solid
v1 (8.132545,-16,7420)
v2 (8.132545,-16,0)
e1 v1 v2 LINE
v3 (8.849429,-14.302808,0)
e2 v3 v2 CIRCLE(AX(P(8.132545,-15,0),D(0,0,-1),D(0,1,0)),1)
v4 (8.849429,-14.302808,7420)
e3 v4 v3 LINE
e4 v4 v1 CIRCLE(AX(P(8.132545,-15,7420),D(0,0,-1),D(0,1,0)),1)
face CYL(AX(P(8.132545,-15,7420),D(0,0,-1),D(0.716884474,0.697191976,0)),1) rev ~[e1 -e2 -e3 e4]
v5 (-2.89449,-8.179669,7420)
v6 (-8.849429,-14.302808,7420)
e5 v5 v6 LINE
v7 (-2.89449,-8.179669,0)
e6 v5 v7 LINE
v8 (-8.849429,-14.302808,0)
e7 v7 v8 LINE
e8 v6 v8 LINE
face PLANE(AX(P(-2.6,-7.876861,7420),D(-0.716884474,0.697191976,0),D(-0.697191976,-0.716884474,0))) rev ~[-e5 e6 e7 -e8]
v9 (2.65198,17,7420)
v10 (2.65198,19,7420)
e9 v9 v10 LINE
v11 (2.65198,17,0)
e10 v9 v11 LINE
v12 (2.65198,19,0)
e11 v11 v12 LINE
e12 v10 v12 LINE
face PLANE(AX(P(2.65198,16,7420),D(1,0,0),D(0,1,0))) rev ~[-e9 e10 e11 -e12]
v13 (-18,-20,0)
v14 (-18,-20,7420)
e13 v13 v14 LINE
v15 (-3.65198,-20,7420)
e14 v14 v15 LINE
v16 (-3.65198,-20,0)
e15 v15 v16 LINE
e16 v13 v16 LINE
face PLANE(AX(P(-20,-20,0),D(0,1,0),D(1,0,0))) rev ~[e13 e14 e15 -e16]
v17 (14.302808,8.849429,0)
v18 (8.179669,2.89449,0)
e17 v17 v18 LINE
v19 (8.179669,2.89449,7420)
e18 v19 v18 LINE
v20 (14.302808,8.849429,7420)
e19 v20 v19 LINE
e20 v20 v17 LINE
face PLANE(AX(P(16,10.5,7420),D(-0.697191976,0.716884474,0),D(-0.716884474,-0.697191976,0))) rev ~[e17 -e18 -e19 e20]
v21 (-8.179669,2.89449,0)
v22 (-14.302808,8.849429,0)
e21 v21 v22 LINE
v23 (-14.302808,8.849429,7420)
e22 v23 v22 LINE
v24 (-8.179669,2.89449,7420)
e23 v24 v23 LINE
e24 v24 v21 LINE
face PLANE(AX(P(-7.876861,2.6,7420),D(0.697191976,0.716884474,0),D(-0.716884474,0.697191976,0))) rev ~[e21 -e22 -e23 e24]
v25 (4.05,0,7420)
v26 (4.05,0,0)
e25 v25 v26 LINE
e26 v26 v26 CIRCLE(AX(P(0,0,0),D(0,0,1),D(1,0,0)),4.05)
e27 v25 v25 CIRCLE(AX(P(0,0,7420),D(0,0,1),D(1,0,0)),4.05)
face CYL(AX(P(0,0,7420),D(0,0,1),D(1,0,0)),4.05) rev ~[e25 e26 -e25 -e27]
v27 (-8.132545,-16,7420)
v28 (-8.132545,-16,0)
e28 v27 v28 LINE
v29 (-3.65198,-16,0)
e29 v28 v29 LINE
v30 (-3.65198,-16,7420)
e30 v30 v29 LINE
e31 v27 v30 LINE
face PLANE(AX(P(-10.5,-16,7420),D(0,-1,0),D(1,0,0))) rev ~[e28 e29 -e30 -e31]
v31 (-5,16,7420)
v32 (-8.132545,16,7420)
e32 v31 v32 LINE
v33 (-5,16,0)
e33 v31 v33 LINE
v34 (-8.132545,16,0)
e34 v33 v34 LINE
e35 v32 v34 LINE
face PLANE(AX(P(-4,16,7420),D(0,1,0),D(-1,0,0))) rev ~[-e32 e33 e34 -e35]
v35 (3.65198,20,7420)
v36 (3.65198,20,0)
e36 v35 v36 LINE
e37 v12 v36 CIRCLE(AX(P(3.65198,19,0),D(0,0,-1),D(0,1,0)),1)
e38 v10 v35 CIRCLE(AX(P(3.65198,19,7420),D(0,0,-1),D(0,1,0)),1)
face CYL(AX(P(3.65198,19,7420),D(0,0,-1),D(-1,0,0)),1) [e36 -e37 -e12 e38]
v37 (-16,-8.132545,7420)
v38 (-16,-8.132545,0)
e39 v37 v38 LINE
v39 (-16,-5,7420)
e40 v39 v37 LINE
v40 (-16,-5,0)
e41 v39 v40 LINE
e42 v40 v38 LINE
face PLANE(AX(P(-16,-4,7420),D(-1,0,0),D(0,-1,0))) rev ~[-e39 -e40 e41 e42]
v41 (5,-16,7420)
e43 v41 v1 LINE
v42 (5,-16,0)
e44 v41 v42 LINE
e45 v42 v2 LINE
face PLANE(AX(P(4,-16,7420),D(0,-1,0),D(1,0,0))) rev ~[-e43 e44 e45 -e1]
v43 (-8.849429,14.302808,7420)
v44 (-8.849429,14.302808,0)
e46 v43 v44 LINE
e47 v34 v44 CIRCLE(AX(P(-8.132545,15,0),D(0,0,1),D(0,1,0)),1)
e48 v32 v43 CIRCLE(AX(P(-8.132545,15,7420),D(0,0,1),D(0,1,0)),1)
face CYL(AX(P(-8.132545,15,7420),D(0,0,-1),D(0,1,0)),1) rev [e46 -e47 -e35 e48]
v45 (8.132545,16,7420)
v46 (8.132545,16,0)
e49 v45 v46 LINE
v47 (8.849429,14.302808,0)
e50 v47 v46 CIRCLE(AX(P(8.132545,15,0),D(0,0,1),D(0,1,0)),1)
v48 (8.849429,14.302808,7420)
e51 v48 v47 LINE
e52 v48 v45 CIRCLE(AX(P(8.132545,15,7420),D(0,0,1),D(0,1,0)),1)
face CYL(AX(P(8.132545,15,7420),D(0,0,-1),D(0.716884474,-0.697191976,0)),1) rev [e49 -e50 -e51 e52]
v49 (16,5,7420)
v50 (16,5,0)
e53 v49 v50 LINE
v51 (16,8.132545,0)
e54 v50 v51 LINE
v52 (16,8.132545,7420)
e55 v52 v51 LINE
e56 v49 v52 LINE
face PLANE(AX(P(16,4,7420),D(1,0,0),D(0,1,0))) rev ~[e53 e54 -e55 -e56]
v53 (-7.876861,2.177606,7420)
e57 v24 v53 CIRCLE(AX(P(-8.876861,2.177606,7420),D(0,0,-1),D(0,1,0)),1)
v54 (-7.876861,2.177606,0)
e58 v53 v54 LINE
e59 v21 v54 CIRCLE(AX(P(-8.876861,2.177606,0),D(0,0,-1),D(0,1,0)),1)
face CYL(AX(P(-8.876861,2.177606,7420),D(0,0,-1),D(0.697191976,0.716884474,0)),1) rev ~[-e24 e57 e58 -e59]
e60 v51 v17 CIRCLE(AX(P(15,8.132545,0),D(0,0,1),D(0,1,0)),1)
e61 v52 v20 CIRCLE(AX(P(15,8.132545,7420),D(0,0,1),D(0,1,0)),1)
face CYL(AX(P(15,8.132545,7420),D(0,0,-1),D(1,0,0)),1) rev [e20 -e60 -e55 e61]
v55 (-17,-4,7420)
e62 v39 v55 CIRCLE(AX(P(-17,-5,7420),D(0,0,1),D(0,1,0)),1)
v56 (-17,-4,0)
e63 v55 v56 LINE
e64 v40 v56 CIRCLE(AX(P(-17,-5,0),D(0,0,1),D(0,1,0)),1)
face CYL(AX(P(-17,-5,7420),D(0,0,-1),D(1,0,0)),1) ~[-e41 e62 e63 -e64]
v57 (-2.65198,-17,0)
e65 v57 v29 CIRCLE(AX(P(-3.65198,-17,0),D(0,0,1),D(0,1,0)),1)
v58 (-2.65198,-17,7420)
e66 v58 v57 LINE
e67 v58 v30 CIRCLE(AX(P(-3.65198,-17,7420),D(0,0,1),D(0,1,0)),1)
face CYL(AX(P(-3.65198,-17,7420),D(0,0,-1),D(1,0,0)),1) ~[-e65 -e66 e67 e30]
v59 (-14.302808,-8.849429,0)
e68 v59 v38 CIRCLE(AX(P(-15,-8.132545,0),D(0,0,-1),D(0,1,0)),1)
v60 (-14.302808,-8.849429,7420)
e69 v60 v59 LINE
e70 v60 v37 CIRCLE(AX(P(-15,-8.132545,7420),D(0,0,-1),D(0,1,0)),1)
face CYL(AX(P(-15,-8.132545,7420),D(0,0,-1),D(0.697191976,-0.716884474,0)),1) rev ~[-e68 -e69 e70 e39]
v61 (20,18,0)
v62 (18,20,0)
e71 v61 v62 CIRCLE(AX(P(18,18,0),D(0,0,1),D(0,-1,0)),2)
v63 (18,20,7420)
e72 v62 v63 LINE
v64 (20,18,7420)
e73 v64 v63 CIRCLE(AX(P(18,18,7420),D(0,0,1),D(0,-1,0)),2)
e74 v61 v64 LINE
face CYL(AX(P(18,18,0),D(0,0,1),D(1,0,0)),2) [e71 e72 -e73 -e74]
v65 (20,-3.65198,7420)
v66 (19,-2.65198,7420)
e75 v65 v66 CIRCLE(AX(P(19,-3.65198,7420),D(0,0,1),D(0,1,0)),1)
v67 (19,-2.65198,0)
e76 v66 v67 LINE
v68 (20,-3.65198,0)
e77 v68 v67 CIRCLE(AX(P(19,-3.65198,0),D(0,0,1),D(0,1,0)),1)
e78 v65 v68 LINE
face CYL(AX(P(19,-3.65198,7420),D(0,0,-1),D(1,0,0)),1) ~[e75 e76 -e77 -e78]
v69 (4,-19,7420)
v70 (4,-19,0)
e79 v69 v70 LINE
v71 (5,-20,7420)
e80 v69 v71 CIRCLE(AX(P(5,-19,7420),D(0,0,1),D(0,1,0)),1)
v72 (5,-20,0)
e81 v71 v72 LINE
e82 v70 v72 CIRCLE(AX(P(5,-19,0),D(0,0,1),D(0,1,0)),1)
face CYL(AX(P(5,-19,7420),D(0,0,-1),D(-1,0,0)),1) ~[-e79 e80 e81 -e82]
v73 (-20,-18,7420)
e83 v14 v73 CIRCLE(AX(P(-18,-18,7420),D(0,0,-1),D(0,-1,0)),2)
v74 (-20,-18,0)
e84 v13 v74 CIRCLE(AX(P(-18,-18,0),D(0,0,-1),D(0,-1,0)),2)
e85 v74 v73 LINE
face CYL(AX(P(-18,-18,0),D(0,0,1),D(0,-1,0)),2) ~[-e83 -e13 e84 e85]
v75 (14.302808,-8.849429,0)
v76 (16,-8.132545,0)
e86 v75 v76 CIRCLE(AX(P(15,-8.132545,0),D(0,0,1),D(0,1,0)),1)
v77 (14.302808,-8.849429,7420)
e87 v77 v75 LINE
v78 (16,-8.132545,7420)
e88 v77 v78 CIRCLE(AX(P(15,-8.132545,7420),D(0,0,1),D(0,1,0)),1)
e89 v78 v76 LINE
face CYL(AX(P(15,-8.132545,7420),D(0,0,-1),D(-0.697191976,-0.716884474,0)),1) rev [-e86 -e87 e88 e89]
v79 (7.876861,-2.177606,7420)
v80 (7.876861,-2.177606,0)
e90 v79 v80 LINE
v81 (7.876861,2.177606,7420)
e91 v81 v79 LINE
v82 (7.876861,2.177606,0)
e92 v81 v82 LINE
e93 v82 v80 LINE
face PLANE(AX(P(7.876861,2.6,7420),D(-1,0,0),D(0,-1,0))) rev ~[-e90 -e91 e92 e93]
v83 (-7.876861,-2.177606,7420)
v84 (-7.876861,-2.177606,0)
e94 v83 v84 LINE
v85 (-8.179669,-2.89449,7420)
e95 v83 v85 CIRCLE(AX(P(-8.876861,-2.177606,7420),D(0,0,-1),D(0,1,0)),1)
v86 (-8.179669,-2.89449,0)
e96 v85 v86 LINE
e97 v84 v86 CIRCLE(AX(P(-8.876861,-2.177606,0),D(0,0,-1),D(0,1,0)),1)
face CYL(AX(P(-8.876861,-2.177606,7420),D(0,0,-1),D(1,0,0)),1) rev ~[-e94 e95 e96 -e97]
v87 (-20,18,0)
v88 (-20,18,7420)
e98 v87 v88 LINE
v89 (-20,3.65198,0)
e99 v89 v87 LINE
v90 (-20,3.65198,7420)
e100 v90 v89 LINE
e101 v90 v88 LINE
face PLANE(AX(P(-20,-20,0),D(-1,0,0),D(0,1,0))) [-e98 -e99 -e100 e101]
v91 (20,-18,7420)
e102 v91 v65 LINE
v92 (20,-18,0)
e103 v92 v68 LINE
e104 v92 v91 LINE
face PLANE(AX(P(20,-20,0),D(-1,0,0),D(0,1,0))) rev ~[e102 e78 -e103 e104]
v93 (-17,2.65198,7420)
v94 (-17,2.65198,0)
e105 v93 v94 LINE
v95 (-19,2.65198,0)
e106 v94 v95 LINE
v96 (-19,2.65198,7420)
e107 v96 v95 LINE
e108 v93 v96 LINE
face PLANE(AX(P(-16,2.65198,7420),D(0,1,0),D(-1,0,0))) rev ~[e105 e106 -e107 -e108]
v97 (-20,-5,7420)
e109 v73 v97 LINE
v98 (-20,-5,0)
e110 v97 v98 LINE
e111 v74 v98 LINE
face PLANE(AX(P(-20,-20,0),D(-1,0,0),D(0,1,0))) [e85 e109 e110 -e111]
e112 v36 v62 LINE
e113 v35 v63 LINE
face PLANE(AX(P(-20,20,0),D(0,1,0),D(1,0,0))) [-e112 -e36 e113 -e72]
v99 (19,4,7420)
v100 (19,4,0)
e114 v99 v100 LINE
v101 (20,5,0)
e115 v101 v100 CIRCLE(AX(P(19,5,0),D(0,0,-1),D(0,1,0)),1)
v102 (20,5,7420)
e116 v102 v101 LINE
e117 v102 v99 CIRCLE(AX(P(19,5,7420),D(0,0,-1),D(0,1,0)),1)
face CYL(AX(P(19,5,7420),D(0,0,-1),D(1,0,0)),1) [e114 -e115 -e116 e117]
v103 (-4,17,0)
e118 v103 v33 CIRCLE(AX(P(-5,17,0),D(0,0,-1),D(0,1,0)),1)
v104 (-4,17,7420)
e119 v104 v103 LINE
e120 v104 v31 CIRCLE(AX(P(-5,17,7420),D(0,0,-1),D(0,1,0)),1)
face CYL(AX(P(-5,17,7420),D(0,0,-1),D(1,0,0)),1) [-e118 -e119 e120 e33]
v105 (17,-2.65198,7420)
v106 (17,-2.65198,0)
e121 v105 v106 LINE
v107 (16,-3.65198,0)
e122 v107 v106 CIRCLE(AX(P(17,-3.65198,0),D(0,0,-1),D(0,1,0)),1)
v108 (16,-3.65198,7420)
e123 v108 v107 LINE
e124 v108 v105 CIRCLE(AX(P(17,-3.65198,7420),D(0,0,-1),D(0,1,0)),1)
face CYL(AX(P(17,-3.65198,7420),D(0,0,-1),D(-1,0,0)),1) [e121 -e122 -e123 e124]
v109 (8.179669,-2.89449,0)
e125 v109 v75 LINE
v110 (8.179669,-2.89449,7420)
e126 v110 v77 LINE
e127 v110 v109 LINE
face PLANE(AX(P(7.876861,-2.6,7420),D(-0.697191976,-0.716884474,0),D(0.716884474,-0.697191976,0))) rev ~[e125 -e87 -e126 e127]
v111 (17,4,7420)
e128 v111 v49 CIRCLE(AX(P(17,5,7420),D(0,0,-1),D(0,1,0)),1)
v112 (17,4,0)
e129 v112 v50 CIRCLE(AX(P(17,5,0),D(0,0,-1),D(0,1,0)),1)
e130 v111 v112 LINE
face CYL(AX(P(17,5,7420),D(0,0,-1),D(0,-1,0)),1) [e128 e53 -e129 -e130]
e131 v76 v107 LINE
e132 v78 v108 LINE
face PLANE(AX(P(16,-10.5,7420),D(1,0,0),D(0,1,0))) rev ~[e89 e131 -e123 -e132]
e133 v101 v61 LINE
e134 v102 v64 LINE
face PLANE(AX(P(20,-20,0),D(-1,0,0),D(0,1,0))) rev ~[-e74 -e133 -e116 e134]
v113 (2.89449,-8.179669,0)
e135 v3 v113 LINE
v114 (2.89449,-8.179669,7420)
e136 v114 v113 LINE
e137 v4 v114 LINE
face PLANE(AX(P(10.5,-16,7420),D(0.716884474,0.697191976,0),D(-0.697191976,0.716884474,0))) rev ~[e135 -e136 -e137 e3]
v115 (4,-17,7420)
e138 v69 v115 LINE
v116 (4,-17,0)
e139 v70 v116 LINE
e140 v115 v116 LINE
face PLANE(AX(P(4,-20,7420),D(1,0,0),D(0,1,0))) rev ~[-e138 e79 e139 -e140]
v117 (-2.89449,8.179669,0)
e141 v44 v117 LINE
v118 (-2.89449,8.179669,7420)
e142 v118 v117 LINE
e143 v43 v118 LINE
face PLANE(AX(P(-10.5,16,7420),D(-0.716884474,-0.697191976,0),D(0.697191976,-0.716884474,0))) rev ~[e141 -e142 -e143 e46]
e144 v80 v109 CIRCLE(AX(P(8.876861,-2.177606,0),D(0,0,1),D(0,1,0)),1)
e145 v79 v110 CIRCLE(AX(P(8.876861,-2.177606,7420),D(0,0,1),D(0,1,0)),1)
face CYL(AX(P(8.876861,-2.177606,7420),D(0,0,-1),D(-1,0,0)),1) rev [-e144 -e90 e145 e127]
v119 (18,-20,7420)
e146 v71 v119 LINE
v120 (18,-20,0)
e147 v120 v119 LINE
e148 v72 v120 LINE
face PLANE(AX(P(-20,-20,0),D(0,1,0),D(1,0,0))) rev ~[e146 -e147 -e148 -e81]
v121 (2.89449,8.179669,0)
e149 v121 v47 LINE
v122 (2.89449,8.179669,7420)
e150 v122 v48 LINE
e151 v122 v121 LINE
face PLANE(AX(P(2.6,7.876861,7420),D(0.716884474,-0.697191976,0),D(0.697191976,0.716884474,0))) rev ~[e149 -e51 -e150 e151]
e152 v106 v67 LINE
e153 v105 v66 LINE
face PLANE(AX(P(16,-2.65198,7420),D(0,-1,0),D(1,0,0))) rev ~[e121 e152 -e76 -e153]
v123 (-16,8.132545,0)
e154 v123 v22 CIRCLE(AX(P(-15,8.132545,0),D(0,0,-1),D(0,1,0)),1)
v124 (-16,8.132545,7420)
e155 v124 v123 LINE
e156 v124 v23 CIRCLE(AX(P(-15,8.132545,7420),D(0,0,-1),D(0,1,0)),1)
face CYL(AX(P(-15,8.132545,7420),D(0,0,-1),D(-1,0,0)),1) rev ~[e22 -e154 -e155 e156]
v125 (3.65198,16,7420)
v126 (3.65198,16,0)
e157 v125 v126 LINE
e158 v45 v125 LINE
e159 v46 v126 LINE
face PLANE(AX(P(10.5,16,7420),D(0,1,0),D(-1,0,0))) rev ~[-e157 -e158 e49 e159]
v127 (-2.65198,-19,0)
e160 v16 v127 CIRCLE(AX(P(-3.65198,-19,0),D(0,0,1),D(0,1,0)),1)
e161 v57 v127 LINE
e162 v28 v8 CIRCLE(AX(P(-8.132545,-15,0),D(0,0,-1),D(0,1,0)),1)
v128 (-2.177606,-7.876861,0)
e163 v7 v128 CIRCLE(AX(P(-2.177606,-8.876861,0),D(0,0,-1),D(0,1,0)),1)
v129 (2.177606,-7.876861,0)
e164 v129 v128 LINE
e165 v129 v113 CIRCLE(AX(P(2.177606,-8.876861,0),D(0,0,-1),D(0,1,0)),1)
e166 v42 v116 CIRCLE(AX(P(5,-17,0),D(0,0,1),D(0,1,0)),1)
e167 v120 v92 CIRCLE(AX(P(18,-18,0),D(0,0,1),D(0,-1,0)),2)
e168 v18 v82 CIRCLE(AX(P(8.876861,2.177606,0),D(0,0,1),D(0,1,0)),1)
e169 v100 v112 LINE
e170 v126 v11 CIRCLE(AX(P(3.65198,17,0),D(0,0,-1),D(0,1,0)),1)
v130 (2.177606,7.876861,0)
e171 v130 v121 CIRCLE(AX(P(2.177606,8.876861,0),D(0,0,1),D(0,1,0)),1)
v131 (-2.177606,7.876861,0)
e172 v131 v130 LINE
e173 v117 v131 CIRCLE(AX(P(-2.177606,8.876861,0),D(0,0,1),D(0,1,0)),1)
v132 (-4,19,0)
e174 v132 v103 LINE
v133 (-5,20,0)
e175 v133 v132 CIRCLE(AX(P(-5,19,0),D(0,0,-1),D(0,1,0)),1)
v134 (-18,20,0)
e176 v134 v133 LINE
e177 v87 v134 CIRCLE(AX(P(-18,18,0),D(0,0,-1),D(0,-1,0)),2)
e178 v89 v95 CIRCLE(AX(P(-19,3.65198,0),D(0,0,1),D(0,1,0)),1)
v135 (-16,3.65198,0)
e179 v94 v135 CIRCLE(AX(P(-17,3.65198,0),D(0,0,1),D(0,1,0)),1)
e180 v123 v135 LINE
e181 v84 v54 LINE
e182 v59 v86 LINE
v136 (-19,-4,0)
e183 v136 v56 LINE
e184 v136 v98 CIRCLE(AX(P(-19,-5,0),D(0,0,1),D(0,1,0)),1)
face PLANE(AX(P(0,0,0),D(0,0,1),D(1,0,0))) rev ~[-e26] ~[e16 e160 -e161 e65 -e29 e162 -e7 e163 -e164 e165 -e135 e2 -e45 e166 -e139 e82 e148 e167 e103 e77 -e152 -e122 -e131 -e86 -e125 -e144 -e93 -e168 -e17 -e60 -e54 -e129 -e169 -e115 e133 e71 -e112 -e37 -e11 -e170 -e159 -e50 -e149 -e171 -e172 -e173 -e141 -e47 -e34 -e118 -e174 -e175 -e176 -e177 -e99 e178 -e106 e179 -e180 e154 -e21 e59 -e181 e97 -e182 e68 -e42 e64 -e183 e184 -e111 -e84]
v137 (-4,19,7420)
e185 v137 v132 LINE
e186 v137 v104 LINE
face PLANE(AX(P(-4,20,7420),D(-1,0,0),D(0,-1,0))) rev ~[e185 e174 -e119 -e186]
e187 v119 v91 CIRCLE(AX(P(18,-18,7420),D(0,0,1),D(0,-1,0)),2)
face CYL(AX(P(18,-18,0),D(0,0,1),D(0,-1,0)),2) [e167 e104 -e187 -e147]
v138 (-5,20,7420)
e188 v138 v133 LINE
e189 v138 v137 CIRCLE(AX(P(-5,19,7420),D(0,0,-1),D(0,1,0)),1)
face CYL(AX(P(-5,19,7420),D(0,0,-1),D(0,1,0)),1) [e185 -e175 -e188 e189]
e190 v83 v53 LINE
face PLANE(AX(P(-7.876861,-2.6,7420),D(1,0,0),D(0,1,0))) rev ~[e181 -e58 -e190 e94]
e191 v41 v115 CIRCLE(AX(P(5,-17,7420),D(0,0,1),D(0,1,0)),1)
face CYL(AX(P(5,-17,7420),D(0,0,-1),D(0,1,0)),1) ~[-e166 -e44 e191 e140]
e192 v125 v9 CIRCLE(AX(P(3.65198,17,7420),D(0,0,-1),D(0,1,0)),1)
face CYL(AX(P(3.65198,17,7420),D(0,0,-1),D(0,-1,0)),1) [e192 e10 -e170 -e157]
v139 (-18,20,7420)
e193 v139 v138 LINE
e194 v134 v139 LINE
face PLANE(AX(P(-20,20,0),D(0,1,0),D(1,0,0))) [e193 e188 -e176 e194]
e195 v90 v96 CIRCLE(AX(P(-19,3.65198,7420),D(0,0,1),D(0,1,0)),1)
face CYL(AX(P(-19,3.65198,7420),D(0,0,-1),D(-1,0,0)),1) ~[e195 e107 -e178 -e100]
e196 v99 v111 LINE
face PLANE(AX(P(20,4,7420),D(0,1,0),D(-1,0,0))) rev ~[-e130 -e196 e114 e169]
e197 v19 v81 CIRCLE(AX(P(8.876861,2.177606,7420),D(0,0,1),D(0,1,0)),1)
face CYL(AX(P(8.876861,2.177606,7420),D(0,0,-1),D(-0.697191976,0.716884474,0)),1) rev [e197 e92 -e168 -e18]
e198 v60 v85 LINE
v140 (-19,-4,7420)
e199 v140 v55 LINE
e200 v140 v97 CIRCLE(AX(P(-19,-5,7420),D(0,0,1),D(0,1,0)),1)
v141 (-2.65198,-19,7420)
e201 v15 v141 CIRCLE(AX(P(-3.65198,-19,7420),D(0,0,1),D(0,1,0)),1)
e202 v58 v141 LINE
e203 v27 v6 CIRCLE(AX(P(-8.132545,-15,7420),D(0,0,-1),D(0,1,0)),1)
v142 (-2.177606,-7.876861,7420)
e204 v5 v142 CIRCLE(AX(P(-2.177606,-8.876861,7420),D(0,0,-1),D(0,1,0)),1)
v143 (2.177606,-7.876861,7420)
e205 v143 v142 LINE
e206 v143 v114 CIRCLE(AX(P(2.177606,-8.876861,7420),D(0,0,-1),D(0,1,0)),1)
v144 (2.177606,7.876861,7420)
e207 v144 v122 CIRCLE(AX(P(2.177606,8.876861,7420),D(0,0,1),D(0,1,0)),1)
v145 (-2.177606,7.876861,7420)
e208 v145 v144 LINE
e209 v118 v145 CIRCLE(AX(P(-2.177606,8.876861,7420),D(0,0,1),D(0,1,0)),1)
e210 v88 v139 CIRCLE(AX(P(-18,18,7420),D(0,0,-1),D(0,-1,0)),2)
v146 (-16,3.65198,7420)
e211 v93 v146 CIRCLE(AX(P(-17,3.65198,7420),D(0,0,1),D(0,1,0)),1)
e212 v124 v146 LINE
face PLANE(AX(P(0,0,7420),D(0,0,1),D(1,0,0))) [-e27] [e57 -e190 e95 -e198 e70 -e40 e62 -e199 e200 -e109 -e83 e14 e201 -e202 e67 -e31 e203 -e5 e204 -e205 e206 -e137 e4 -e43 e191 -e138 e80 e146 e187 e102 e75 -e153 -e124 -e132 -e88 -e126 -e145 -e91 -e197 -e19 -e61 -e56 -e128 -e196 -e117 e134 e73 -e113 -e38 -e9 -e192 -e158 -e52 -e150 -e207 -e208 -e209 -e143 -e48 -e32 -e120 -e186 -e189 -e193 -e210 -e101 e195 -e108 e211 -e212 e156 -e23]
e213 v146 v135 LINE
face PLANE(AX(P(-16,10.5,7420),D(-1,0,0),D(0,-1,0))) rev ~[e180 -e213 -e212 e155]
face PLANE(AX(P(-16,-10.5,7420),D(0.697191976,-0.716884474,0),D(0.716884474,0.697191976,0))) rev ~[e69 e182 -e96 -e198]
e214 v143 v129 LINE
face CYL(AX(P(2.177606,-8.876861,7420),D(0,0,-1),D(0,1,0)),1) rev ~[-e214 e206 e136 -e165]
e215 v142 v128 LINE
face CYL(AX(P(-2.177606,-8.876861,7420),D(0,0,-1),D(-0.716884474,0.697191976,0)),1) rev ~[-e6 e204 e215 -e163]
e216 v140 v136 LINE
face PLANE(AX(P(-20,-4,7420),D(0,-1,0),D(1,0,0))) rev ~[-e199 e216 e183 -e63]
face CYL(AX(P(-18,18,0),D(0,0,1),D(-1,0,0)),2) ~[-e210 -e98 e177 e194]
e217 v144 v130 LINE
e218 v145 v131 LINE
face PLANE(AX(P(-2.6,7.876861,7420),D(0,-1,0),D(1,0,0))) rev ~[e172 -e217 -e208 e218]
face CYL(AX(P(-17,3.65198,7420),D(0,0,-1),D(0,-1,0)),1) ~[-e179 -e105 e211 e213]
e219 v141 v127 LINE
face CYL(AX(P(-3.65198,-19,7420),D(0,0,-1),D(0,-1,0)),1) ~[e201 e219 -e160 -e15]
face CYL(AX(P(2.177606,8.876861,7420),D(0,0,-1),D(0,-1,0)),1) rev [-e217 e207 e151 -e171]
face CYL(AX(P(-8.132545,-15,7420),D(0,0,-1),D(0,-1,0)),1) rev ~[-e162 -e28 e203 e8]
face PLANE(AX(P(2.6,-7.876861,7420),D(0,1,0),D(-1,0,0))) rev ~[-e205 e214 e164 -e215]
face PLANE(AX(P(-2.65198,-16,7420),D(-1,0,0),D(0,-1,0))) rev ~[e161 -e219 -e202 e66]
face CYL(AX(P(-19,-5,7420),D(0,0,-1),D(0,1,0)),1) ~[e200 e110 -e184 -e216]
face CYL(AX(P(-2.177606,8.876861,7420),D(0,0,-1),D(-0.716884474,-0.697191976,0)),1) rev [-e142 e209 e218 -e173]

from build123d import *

# Parameters (mm, degrees)
SKETCH_1_W               = 40
SKETCH_1_H               = 40
EXTRUDE_1_DEPTH          = 7420
SKETCH_2_R               = 4.05
CUT_EXTRUDE_1_DEPTH      = 10000
CUT_EXTRUDE_2_DEPTH      = 10000
FILLET_1_R               = 1
PATTERN_CIRCULAR_2_COUNT = 4
FILLET_2_R               = 1
FILLET_3_R               = 1
FILLET_4_R               = 1
FILLET_5_R               = 2


with BuildPart() as part:
    # 草图1 → 凸台-拉伸1 (new body)
    with BuildSketch(Plane.XY):
        Rectangle(SKETCH_1_W, SKETCH_1_H)
    extrude(amount=EXTRUDE_1_DEPTH)

    # 草图2 → 切除-拉伸1 (cut)
    with BuildSketch(Plane.XY.offset(7420)):
        Circle(SKETCH_2_R)
    extrude(amount=-CUT_EXTRUDE_1_DEPTH, mode=Mode.SUBTRACT)

    # 草图4 → 切除-拉伸2 (cut)
    with BuildSketch(Plane.XY.offset(7420)):
        Polygon((20, 0), (20, 4), (16, 4), (16, 10.5), (7.876860985, 2.6), (7.876860985, -2.6), (16, -10.5), (16, -2.65197969), (20, -2.65197969), align=None)
    cut_extrude_2 = extrude(amount=-CUT_EXTRUDE_2_DEPTH, mode=Mode.SUBTRACT)

    # 圆角1
    fillet_1_edges = [part.edges().sort_by_distance(p)[0] for p in [
        (20, -2.65197969, 3710),
        (16, -2.65197969, 3710),
        (16, -10.5, 3710),
        (7.876860985, -2.6, 3710),
        (7.876860985, 2.6, 3710),
        (16, 10.5, 3710),
        (16, 4, 3710),
        (20, 4, 3710),
    ]]
    fillet(fillet_1_edges, radius=FILLET_1_R)

    # 阵列(圆周)2: 切除-拉伸2 ×4 about axis
    pattern_circular_2_axis = Axis((0, 0, 0), (0, 0, 1))
    for i in range(1, PATTERN_CIRCULAR_2_COUNT):
        add(cut_extrude_2.rotate(pattern_circular_2_axis, i * 360 / PATTERN_CIRCULAR_2_COUNT), mode=Mode.SUBTRACT)

    # 圆角2
    fillet_2_edges = [part.edges().sort_by_distance(p)[0] for p in [
        (2.65197969, 20, 3710),
        (2.65197969, 16, 3710),
        (10.5, 16, 3710),
        (2.6, 7.876860985, 3710),
        (-2.6, 7.876860985, 3710),
        (-10.5, 16, 3710),
        (-4, 16, 3710),
        (-4, 20, 3710),
    ]]
    fillet(fillet_2_edges, radius=FILLET_2_R)

    # 圆角3
    fillet_3_edges = [part.edges().sort_by_distance(p)[0] for p in [
        (-20, 2.65197969, 3710),
        (-16, 2.65197969, 3710),
        (-16, 10.5, 3710),
        (-7.876860985, 2.6, 3710),
        (-7.876860985, -2.6, 3710),
        (-16, -10.5, 3710),
        (-16, -4, 3710),
        (-20, -4, 3710),
    ]]
    fillet(fillet_3_edges, radius=FILLET_3_R)

    # 圆角4
    fillet_4_edges = [part.edges().sort_by_distance(p)[0] for p in [
        (-2.65197969, -20, 3710),
        (-2.65197969, -16, 3710),
        (-10.5, -16, 3710),
        (-2.6, -7.876860985, 3710),
        (2.6, -7.876860985, 3710),
        (10.5, -16, 3710),
        (4, -16, 3710),
        (4, -20, 3710),
    ]]
    fillet(fillet_4_edges, radius=FILLET_4_R)

    # 圆角5
    fillet_5_edges = [part.edges().sort_by_distance(p)[0] for p in [
        (20, -20, 3710),
        (-20, -20, 3710),
        (-20, 20, 3710),
        (20, 20, 3710),
    ]]
    fillet(fillet_5_edges, radius=FILLET_5_R)


solid = part.part
